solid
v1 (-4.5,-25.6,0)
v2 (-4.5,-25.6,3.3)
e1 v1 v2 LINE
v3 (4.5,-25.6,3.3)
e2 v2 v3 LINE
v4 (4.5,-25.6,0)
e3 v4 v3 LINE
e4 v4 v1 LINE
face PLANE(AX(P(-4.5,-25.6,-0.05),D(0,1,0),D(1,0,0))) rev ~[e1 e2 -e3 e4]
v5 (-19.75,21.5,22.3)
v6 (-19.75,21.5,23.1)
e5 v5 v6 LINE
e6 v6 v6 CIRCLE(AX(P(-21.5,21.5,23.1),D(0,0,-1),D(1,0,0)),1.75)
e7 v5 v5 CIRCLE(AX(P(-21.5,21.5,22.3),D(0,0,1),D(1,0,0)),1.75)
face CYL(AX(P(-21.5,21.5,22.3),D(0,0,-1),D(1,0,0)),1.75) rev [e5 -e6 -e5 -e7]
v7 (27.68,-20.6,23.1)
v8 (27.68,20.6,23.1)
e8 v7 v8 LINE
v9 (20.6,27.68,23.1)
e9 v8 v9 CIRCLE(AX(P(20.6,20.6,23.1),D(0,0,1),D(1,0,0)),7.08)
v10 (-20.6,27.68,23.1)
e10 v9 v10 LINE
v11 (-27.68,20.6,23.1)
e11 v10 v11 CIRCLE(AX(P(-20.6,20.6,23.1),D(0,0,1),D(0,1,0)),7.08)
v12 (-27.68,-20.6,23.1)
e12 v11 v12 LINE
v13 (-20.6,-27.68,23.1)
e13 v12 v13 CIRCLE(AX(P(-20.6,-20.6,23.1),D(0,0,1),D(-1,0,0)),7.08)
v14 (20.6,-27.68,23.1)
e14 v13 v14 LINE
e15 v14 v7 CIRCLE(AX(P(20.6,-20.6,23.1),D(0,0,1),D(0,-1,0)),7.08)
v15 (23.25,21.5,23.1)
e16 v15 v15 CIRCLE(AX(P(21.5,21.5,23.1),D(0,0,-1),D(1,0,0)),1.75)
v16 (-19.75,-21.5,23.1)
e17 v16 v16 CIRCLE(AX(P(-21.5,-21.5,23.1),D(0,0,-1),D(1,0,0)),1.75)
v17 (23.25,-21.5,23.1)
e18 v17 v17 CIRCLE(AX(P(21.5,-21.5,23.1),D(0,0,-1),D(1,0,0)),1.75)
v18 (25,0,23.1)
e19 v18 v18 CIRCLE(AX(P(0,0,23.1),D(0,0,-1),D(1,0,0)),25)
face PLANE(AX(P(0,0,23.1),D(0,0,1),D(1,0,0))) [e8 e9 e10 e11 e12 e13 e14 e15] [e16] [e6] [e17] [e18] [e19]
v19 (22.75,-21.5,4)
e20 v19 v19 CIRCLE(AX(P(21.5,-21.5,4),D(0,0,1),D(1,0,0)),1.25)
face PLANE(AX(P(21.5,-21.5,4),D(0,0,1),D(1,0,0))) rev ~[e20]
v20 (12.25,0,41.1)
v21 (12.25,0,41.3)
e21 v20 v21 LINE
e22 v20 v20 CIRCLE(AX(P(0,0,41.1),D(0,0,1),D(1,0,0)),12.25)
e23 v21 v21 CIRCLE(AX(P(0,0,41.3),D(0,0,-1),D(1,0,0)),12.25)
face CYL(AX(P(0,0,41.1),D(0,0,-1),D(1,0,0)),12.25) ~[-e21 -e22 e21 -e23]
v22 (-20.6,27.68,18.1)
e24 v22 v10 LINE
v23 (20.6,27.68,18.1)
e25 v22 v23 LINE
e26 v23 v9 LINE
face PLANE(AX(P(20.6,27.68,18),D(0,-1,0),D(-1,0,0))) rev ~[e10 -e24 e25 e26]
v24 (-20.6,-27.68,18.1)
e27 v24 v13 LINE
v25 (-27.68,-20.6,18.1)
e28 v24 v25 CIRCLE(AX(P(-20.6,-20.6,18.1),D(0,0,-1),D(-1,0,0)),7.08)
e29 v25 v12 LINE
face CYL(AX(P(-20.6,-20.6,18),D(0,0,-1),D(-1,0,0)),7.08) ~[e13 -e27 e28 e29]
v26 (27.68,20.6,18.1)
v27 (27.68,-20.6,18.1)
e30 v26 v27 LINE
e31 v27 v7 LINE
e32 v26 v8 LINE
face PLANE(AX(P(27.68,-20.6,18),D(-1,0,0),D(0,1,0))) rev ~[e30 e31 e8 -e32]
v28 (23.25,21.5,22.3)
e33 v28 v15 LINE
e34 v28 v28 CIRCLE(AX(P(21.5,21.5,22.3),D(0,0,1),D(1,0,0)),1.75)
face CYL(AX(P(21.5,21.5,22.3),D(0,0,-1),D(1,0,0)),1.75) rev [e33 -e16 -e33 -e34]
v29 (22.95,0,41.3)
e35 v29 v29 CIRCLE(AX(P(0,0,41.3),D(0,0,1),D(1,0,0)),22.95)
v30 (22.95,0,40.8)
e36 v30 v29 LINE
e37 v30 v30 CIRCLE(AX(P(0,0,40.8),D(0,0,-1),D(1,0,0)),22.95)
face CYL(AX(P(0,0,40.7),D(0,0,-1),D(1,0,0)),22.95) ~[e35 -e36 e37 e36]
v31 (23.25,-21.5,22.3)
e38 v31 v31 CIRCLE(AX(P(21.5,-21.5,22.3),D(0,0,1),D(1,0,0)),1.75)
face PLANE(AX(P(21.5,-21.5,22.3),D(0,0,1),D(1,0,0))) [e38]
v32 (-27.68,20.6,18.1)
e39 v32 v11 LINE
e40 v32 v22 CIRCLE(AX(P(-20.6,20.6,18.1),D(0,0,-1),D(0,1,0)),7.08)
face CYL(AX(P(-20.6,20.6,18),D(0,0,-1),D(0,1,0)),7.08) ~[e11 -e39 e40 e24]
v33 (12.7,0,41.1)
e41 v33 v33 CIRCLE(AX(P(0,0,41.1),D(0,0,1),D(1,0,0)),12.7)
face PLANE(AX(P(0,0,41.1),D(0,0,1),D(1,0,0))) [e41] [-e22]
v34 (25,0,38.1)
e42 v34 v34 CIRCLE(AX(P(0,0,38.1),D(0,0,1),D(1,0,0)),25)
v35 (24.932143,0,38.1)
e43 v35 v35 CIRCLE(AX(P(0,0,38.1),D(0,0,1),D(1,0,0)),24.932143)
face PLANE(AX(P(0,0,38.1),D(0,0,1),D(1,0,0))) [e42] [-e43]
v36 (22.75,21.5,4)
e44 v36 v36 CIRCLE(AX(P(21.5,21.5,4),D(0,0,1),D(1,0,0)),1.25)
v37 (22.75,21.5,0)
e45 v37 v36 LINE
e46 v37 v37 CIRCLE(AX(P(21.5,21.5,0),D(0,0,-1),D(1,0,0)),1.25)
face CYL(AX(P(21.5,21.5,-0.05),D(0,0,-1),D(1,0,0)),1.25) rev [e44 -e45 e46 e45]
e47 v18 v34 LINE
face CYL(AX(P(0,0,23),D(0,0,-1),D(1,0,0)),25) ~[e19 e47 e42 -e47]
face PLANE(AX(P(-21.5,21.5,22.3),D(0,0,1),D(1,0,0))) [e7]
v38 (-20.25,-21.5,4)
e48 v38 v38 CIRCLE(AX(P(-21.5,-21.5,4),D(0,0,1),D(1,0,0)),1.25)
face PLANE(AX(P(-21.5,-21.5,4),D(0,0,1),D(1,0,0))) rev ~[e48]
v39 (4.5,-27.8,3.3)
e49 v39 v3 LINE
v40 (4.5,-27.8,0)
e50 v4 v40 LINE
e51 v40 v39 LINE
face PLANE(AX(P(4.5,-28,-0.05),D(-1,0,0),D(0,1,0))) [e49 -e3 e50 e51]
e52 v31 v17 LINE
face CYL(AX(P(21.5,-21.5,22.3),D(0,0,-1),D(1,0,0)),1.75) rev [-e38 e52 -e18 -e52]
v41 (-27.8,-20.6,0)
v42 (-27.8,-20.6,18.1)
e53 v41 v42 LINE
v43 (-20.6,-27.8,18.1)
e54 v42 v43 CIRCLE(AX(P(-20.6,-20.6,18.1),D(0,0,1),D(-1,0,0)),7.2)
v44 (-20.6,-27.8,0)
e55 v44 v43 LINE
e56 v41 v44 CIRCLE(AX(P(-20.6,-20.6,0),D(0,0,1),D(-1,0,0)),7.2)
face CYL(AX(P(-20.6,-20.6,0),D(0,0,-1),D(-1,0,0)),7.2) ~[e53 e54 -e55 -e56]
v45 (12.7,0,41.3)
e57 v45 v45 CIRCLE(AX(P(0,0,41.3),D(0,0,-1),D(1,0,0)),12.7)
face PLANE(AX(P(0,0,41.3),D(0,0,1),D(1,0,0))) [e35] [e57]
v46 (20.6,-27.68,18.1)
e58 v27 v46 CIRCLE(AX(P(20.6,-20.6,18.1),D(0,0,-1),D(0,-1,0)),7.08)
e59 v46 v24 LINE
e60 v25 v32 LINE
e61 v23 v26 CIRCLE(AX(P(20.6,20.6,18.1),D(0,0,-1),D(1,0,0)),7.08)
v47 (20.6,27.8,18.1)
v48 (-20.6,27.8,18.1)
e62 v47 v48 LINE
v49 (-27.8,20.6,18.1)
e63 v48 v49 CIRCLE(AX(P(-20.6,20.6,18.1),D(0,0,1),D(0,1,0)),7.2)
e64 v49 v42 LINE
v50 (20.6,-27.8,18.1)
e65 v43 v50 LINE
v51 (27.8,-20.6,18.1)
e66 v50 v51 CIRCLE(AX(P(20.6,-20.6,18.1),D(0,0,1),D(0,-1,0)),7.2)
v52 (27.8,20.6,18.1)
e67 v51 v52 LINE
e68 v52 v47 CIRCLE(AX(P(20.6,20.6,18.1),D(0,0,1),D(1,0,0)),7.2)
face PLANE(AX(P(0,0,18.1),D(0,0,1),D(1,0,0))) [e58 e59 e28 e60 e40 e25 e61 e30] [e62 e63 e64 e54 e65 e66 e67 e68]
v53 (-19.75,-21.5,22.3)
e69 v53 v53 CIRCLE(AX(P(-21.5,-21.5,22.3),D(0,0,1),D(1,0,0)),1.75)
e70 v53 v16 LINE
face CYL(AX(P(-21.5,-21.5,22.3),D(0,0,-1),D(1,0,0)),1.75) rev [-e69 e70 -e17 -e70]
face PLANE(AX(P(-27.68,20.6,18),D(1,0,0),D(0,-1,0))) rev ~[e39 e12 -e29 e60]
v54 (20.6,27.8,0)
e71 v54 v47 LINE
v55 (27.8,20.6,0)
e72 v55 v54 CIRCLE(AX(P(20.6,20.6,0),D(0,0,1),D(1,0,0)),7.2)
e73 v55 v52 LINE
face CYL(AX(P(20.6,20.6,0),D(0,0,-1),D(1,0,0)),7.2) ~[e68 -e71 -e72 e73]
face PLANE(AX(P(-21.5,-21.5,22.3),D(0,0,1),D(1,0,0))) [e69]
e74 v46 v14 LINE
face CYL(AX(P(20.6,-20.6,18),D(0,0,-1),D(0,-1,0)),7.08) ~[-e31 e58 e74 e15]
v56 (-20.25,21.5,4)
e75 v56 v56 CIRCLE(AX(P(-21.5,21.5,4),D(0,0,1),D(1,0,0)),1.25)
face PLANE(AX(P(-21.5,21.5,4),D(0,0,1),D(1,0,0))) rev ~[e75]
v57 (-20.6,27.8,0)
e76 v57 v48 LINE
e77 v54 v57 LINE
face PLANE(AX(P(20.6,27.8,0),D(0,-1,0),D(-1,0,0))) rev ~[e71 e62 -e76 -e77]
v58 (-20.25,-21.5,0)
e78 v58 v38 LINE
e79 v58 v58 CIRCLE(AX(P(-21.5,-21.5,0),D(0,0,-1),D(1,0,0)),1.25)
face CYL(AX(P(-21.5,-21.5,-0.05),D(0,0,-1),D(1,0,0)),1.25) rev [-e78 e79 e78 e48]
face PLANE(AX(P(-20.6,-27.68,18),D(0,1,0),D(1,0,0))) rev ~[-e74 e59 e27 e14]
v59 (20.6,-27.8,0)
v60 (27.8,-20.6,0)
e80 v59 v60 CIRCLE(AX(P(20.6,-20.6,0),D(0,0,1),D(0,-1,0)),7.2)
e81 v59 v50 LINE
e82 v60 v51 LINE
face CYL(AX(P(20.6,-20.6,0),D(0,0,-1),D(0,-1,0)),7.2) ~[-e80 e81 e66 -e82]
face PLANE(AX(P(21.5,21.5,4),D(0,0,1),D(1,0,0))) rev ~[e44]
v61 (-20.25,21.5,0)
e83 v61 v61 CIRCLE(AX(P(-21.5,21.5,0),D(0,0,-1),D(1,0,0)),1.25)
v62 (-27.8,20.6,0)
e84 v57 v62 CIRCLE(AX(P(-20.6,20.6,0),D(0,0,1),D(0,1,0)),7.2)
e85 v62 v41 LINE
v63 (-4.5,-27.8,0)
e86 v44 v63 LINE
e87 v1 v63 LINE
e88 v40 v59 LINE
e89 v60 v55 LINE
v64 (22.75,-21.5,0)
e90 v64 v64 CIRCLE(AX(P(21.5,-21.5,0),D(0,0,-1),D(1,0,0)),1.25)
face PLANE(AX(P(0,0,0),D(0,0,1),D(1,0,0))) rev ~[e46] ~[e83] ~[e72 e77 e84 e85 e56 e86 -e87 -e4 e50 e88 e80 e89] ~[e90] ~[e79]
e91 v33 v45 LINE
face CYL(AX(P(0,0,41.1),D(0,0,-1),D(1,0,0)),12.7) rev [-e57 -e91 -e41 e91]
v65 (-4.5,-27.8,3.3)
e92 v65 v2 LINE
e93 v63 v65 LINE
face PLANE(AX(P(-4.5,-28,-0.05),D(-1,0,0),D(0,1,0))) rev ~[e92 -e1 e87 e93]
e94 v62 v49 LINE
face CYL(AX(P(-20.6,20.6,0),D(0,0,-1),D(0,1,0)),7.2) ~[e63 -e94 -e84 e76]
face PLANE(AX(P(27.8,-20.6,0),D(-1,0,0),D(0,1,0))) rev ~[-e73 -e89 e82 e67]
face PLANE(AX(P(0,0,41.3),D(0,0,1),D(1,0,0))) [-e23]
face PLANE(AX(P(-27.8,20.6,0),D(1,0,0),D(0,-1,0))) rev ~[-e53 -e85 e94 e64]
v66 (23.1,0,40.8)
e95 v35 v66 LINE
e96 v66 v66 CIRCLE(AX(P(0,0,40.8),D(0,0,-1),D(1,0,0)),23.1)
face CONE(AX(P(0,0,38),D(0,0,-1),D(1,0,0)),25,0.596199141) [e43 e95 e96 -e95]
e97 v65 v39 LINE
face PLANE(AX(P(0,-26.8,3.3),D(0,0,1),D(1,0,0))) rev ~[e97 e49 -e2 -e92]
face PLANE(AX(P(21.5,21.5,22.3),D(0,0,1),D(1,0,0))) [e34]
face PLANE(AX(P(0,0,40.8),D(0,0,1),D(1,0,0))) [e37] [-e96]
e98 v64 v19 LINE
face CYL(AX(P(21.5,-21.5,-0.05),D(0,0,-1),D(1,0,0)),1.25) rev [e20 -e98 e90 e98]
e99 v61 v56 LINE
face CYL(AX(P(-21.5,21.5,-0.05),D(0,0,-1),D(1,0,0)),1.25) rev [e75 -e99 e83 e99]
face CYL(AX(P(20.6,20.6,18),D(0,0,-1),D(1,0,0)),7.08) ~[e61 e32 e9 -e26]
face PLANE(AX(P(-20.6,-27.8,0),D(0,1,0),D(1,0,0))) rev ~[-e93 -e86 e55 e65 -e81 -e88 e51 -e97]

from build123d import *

# Parameters (mm, degrees)
BASE_HOUSING_DEPTH                     = 18.1
UPPER_START                            = 18
UPPER_HOUSING_RIM_DEPTH                = 5.1
OPTICAL_START                          = 23
OPTICAL_ENCLOSURE_PROFILE_R            = 25
OPTICAL_ENCLOSURE_DEPTH                = 15.1
TAPERED_START                          = 38
TAPERED_COVER_PROFILE_R                = 25
TAPERED_COVER_DEPTH                    = 2.8
TAPERED_COVER_TAPER                    = 34.159694546
COVER_START                            = 40.7
COVER_DISK_PROFILE_R                   = 22.95
COVER_DISK_DEPTH                       = 0.6
FOUR_START                             = -0.05
FOUR_M2_5_MOUNTING_POSITIONS_PROFILE_R = 1.25
FOUR_M2_5_MOUNTING_POSITIONS_DEPTH     = 4.05
UPPER_START_2                          = 22.3
UPPER_RECESSES_PROFILE_R               = 1.75
UPPER_RECESSES_DEPTH                   = 1
CABLE_START                            = -0.05
CABLE_OUTLET_RECESS_PROFILE_W          = 9
CABLE_OUTLET_RECESS_PROFILE_H          = 2.4
CABLE_OUTLET_RECESS_DEPTH              = 3.35
COVER_START_2                          = 41.1
COVER_GROOVE_PROFILE_R                 = 12.7
COVER_GROOVE_PROFILE_R_2               = 12.25
COVER_GROOVE_DEPTH                     = 0.4


with BuildPart() as part:
    # Base housing profile → Base housing (new body)
    with BuildSketch(Plane.XY):
        with BuildLine():
            Line((-20.6, -27.8), (20.6, -27.8))
            ThreePointArc((20.6, -27.8), (25.691168825, -25.691168825), (27.8, -20.6))
            Line((27.8, -20.6), (27.8, 20.6))
            ThreePointArc((27.8, 20.6), (25.691168825, 25.691168825), (20.6, 27.8))
            Line((20.6, 27.8), (-20.6, 27.8))
            ThreePointArc((-20.6, 27.8), (-25.691168825, 25.691168825), (-27.8, 20.6))
            Line((-27.8, 20.6), (-27.8, -20.6))
            ThreePointArc((-27.8, -20.6), (-25.691168825, -25.691168825), (-20.6, -27.8))
        make_face()
    extrude(amount=BASE_HOUSING_DEPTH)

    # Upper housing rim profile → Upper housing rim (add)
    with BuildSketch(Plane.XY.offset(UPPER_START)):
        with BuildLine():
            Line((-20.6, -27.68), (20.6, -27.68))
            ThreePointArc((20.6, -27.68), (25.606316011, -25.606316011), (27.68, -20.6))
            Line((27.68, -20.6), (27.68, 20.6))
            ThreePointArc((27.68, 20.6), (25.606316011, 25.606316011), (20.6, 27.68))
            Line((20.6, 27.68), (-20.6, 27.68))
            ThreePointArc((-20.6, 27.68), (-25.606316011, 25.606316011), (-27.68, 20.6))
            Line((-27.68, 20.6), (-27.68, -20.6))
            ThreePointArc((-27.68, -20.6), (-25.606316011, -25.606316011), (-20.6, -27.68))
        make_face()
    extrude(amount=UPPER_HOUSING_RIM_DEPTH)

    # Optical enclosure profile → Optical enclosure (add)
    with BuildSketch(Plane.XY.offset(OPTICAL_START)):
        Circle(OPTICAL_ENCLOSURE_PROFILE_R)
    extrude(amount=OPTICAL_ENCLOSURE_DEPTH)

    # Tapered cover profile → Tapered cover (add)
    with BuildSketch(Plane.XY.offset(TAPERED_START)):
        Circle(TAPERED_COVER_PROFILE_R)
    extrude(amount=TAPERED_COVER_DEPTH, taper=TAPERED_COVER_TAPER)

    # Cover disk profile → Cover disk (add)
    with BuildSketch(Plane.XY.offset(COVER_START)):
        Circle(COVER_DISK_PROFILE_R)
    extrude(amount=COVER_DISK_DEPTH)

    # Four M2.5 mounting positions profile → Four M2.5 mounting positions (cut)
    with BuildSketch(Plane.XY.offset(FOUR_START)):
        with Locations((-21.5, -21.5)):
            Circle(FOUR_M2_5_MOUNTING_POSITIONS_PROFILE_R)
        with Locations((-21.5, 21.5)):
            Circle(FOUR_M2_5_MOUNTING_POSITIONS_PROFILE_R)
        with Locations((21.5, -21.5)):
            Circle(FOUR_M2_5_MOUNTING_POSITIONS_PROFILE_R)
        with Locations((21.5, 21.5)):
            Circle(FOUR_M2_5_MOUNTING_POSITIONS_PROFILE_R)
    extrude(amount=FOUR_M2_5_MOUNTING_POSITIONS_DEPTH, mode=Mode.SUBTRACT)

    # Upper recesses profile → Upper recesses (cut)
    with BuildSketch(Plane.XY.offset(UPPER_START_2)):
        with Locations((-21.5, -21.5)):
            Circle(UPPER_RECESSES_PROFILE_R)
        with Locations((-21.5, 21.5)):
            Circle(UPPER_RECESSES_PROFILE_R)
        with Locations((21.5, -21.5)):
            Circle(UPPER_RECESSES_PROFILE_R)
        with Locations((21.5, 21.5)):
            Circle(UPPER_RECESSES_PROFILE_R)
    extrude(amount=UPPER_RECESSES_DEPTH, mode=Mode.SUBTRACT)

    # Cable outlet recess profile → Cable outlet recess (cut)
    with BuildSketch(Plane.XY.offset(CABLE_START)):
        with Locations((0, -26.8)):
            Rectangle(CABLE_OUTLET_RECESS_PROFILE_W, CABLE_OUTLET_RECESS_PROFILE_H)
    extrude(amount=CABLE_OUTLET_RECESS_DEPTH, mode=Mode.SUBTRACT)

    # Cover groove profile → Cover groove (cut)
    with BuildSketch(Plane.XY.offset(COVER_START_2)):
        Circle(COVER_GROOVE_PROFILE_R)
        Circle(COVER_GROOVE_PROFILE_R_2, mode=Mode.SUBTRACT)
    extrude(amount=COVER_GROOVE_DEPTH, mode=Mode.SUBTRACT)


solid = part.part
